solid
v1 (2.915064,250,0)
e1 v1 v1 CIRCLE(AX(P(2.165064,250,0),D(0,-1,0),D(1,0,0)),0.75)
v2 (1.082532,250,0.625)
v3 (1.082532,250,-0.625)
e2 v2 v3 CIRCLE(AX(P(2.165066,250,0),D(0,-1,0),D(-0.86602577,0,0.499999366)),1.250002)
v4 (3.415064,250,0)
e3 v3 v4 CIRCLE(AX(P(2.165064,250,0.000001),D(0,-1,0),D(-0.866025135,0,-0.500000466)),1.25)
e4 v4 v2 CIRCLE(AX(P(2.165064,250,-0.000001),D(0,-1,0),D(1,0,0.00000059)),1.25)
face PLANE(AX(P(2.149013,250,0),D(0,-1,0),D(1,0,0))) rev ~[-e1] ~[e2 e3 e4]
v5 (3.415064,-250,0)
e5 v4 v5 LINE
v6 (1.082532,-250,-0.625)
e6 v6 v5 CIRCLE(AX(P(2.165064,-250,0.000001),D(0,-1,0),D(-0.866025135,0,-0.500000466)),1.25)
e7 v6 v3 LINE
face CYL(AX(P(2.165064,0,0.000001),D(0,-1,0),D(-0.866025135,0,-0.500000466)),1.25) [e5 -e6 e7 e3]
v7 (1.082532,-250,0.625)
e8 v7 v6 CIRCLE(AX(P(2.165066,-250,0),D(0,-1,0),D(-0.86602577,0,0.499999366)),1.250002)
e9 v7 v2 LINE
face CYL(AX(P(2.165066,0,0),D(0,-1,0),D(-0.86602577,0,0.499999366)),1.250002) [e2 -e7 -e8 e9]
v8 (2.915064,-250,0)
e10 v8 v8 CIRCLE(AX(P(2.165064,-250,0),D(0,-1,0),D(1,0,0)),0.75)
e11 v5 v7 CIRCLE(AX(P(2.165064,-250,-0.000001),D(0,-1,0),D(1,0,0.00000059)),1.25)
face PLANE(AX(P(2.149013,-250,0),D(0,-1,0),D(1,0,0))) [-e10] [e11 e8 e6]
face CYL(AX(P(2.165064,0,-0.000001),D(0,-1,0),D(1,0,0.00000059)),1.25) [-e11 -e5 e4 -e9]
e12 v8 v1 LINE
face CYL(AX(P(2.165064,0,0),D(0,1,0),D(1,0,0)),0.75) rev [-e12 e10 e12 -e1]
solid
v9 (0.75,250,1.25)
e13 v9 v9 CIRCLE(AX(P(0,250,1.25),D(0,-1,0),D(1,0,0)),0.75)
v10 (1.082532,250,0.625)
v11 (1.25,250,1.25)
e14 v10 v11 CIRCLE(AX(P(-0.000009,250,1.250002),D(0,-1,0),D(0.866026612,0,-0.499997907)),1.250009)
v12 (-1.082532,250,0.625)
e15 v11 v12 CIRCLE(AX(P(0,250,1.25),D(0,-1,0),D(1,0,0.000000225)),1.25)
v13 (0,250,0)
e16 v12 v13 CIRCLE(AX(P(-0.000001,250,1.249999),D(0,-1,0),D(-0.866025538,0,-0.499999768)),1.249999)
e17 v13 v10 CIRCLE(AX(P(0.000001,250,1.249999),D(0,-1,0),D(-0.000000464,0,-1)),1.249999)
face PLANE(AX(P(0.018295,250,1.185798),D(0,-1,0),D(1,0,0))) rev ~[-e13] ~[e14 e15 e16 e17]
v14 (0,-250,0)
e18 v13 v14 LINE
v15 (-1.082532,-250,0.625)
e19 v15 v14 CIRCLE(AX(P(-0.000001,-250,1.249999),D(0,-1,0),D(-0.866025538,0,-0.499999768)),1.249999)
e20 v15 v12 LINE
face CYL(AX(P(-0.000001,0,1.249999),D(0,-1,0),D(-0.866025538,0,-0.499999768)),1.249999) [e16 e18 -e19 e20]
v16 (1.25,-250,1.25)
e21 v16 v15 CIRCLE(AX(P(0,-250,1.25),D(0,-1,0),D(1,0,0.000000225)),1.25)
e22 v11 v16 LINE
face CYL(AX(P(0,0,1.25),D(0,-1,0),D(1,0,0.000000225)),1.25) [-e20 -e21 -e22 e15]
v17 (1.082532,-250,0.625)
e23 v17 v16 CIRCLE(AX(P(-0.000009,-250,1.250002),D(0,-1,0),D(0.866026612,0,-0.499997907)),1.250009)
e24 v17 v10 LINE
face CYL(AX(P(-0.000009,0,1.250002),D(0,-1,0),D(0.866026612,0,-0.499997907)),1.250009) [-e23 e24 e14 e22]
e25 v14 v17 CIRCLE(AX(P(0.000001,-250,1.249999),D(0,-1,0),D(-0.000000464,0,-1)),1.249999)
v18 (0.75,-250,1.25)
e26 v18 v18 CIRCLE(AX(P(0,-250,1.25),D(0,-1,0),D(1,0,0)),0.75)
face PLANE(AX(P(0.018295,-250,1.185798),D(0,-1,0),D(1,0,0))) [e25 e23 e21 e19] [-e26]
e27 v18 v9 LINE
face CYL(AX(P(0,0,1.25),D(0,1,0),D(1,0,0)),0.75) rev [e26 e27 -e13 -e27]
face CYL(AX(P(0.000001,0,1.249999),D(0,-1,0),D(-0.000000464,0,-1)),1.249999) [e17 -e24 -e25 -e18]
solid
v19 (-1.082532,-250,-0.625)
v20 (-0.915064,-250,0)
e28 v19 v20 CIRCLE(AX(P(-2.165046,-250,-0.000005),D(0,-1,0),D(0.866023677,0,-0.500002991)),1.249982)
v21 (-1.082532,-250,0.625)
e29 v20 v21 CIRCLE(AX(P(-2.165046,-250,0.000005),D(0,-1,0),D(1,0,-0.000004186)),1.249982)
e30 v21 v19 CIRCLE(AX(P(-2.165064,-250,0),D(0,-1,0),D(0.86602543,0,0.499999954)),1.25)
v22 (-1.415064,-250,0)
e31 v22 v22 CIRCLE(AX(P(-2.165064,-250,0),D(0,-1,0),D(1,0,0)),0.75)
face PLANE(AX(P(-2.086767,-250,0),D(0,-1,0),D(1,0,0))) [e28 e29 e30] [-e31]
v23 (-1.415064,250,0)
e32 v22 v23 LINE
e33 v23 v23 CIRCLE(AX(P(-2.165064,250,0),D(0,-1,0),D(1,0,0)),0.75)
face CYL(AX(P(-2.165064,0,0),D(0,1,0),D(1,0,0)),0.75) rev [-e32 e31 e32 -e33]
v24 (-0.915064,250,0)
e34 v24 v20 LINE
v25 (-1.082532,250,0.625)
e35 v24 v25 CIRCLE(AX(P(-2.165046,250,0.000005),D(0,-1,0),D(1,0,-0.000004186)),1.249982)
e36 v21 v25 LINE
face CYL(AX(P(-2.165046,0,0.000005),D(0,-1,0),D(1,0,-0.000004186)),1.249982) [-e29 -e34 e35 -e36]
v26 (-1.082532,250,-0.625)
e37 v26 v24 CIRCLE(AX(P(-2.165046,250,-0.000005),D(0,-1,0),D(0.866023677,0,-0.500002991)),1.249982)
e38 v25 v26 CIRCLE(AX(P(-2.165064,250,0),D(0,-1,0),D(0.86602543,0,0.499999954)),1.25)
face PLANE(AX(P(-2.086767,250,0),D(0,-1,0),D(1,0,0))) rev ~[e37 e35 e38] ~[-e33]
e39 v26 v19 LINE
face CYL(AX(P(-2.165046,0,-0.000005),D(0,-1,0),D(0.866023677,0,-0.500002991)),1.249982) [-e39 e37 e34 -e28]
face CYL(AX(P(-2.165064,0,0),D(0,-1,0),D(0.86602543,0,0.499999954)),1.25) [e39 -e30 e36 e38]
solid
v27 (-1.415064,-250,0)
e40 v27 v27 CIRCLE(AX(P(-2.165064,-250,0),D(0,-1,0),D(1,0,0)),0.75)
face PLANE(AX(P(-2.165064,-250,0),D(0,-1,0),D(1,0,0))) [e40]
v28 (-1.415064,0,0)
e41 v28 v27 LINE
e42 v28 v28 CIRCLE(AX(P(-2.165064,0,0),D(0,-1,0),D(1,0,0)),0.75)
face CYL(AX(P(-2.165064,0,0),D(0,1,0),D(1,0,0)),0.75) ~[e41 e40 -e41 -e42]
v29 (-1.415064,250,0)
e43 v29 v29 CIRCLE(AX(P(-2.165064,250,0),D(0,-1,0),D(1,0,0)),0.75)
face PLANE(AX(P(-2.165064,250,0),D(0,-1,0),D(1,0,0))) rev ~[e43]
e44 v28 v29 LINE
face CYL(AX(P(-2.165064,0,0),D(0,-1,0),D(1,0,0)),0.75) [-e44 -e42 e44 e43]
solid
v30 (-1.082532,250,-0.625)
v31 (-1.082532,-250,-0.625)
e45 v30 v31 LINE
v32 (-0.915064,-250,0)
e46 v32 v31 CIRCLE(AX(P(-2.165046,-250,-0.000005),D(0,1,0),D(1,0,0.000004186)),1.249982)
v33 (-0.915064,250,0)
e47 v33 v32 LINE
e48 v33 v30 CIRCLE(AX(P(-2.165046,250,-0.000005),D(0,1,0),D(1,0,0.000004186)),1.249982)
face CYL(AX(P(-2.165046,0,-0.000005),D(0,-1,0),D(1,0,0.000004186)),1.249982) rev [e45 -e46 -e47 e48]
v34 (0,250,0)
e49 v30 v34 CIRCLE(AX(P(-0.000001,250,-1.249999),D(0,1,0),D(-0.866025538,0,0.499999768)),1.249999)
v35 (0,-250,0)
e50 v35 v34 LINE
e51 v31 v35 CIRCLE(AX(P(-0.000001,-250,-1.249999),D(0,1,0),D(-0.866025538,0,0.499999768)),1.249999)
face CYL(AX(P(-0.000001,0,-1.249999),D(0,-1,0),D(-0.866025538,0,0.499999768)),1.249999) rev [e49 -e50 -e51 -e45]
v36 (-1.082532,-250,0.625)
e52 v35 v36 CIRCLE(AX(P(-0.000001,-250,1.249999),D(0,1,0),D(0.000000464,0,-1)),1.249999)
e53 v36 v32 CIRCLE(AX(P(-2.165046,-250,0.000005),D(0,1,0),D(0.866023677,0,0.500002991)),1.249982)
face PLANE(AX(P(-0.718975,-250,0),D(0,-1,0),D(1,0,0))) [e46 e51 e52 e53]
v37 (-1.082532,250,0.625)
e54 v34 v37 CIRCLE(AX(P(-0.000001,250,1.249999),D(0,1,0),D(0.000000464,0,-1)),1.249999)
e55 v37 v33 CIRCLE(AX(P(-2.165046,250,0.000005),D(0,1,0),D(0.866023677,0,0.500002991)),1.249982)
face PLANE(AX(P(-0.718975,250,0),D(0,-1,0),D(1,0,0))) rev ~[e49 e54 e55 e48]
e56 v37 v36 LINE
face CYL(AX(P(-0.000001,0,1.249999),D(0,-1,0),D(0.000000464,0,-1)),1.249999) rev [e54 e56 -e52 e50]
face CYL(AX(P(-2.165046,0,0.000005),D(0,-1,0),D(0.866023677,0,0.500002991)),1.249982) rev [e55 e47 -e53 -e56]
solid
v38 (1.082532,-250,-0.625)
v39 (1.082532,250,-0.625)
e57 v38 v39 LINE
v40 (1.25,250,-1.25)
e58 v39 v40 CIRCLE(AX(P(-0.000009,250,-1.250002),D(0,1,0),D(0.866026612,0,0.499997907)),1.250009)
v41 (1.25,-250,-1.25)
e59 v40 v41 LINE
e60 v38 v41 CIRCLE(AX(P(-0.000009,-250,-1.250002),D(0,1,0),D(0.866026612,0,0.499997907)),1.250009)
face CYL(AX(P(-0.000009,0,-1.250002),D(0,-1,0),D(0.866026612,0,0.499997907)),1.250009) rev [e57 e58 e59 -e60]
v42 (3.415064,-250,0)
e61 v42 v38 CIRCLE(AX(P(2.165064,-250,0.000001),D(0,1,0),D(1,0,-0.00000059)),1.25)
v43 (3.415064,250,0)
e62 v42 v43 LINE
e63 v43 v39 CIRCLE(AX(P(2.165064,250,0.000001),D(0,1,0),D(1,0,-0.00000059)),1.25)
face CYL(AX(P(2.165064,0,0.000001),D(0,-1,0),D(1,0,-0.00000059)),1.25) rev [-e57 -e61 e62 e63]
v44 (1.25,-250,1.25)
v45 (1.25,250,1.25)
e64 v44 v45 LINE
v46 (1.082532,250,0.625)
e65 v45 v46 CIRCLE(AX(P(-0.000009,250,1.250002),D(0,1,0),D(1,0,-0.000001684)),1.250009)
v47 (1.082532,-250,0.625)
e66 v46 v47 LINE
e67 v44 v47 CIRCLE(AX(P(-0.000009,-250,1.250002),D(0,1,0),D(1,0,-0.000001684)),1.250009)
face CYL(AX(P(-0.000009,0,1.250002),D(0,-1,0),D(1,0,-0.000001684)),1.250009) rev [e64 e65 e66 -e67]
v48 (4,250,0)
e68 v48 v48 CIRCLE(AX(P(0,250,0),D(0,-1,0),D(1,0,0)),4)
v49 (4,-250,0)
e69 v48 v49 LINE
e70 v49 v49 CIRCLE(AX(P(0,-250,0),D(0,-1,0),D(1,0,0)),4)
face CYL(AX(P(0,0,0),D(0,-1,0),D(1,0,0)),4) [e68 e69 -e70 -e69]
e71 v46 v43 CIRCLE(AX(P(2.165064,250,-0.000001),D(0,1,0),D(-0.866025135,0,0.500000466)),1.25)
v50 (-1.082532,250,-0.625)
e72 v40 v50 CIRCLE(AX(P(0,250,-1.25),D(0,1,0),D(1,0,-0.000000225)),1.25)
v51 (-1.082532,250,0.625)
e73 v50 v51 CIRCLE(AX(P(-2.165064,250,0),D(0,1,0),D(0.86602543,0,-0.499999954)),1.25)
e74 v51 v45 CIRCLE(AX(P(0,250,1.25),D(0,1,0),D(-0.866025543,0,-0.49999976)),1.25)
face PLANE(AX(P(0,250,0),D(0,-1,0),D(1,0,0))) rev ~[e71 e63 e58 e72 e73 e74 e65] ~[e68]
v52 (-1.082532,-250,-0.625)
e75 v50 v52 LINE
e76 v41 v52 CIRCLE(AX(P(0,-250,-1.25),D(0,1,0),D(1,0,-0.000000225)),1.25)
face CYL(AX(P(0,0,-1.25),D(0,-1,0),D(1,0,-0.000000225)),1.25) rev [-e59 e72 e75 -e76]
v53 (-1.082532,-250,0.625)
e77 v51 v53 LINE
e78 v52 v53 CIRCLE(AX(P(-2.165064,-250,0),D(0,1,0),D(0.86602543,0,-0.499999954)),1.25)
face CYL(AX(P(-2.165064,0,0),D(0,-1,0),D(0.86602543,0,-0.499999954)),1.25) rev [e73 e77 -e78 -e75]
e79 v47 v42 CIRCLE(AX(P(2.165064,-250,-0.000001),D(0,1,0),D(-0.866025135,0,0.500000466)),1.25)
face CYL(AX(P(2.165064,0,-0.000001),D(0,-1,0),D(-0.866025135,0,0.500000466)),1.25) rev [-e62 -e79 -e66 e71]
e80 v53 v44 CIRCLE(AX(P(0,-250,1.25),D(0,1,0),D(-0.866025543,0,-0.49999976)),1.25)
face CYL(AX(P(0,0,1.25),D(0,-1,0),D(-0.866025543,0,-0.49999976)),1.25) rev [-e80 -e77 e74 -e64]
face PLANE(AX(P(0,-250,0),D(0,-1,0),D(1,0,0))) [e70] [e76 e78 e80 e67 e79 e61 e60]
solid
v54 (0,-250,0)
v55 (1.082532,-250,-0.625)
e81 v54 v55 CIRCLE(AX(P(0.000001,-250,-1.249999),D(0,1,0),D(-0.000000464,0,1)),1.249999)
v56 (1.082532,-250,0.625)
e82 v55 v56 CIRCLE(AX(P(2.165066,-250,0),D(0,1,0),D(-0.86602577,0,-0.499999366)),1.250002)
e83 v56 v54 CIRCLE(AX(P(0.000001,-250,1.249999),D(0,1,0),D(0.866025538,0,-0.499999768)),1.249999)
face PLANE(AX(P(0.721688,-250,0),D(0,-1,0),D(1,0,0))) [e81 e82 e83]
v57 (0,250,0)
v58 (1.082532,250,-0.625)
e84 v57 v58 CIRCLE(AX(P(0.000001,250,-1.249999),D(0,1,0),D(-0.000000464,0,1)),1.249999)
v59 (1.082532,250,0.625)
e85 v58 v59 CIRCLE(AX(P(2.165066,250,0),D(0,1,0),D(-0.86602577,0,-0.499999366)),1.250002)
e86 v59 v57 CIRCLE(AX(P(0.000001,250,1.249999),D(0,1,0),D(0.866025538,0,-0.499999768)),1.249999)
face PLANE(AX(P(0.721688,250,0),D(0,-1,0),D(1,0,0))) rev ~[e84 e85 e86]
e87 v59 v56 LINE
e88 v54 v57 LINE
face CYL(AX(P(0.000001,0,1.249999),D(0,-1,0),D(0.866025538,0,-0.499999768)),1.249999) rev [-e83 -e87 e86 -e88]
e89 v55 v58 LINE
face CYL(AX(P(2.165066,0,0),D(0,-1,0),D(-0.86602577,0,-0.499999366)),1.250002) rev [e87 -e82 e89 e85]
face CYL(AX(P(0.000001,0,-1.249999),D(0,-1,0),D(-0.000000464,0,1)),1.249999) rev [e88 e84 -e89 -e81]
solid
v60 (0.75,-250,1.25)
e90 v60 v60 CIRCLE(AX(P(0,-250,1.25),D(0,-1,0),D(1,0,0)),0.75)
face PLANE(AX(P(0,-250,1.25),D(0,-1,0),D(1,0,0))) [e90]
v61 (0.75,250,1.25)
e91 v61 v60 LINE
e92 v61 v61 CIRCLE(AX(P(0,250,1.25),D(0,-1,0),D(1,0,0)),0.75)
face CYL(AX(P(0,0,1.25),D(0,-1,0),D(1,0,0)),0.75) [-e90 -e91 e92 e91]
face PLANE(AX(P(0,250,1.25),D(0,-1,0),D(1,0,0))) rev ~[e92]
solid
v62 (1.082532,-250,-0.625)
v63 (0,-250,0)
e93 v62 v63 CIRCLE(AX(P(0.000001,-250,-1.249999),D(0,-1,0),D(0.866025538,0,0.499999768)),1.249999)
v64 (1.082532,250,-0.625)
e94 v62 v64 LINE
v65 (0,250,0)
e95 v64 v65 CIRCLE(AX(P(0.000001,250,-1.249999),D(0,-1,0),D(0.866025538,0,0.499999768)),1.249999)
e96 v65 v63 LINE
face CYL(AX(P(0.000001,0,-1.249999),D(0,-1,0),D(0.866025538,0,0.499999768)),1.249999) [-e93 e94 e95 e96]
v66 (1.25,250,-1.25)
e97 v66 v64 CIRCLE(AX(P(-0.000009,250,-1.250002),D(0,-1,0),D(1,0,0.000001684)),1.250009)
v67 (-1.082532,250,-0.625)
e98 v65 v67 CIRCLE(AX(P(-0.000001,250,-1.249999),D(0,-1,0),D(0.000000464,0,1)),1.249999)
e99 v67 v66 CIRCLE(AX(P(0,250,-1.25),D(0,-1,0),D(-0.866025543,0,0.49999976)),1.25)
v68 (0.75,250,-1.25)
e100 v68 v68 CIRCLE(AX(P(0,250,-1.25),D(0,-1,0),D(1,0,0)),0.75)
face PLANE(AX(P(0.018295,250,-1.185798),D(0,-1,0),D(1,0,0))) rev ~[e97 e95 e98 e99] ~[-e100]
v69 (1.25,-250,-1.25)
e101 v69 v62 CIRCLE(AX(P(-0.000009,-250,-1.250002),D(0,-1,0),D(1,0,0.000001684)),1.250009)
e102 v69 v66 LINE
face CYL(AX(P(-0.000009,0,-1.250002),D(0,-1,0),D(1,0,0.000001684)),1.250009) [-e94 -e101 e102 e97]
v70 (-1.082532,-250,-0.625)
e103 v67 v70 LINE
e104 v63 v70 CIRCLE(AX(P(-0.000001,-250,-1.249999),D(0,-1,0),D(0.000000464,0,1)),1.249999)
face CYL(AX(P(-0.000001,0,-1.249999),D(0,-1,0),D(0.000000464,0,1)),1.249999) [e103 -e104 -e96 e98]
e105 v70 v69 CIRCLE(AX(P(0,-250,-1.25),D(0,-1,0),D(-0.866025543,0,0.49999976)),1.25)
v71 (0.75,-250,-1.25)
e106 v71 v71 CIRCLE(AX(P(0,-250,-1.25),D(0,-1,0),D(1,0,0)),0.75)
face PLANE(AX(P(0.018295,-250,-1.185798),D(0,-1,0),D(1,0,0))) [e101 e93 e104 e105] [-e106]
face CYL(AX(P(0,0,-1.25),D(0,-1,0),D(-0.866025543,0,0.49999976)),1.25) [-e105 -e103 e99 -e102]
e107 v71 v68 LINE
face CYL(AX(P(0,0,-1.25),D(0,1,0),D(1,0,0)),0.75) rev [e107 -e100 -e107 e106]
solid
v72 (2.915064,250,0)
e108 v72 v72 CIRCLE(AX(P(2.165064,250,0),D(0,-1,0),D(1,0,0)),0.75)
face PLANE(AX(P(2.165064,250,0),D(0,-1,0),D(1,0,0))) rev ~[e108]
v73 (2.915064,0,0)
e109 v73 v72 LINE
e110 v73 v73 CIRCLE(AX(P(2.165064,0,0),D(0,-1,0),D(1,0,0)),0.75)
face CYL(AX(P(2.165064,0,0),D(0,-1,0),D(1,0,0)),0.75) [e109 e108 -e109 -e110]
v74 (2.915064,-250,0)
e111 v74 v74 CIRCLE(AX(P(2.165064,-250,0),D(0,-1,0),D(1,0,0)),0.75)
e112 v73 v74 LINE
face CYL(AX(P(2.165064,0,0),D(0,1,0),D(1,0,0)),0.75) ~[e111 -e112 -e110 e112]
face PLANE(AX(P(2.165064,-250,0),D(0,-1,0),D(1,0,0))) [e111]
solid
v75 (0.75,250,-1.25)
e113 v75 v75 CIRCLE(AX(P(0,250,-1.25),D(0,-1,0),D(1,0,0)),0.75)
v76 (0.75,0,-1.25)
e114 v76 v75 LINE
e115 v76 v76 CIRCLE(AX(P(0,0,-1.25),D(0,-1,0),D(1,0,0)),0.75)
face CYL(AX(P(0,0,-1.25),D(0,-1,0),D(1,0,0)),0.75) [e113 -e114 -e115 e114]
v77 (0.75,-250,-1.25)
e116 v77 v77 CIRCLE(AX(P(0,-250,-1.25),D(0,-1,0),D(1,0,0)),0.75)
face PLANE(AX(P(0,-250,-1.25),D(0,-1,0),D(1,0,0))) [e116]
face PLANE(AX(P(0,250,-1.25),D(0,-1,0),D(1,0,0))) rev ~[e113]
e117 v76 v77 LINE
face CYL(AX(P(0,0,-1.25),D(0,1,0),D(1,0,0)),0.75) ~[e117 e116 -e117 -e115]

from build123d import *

# Parameters (mm, degrees)
F0_R     = 4
F1_DEPTH = 250
F0_R_2   = 0.75
F2_DEPTH = 250
F3_DEPTH = 250


with BuildPart() as f1:
    # F0 (on Front) → F1 (new body, symmetric)
    with BuildSketch(Plane.XZ):
        Circle(F0_R)
        with BuildLine():
            ThreePointArc((-1.082532, 0.625), (-0.323524, 2.457407), (1.25, 1.25))
            ThreePointArc((1.25, 1.25), (1.207407, 0.926476), (1.082532, 0.625))
            ThreePointArc((1.082532, 0.625), (2.488587, 1.207407), (3.415064, 0))
            ThreePointArc((3.415064, 0), (2.488587, -1.207407), (1.082532, -0.625))
            ThreePointArc((1.082532, -0.625), (1.207407, -0.926476), (1.25, -1.25))
            ThreePointArc((1.25, -1.25), (-0.323524, -2.457407), (-1.082532, -0.625))
            ThreePointArc((-1.082532, -0.625), (-3.415064, 0), (-1.082532, 0.625))
        make_face(mode=Mode.SUBTRACT)
        with BuildLine():
            ThreePointArc((0, 0), (-0.625, 0.167468), (-1.082532, 0.625))
            ThreePointArc((-1.082532, 0.625), (-0.957656, 0.323524), (-0.915064, 0))
            ThreePointArc((-0.915064, 0), (-0.957656, -0.323524), (-1.082532, -0.625))
            ThreePointArc((-1.082532, -0.625), (-0.625, -0.167468), (0, 0))
        make_face()
        with BuildLine():
            ThreePointArc((1.082532, -0.625), (0.915064, 0), (1.082532, 0.625))
            ThreePointArc((1.082532, 0.625), (0.625, 0.167468), (0, 0))
            ThreePointArc((0, 0), (0.625, -0.167468), (1.082532, -0.625))
        make_face()
    extrude(amount=F1_DEPTH, both=True)


with BuildPart() as f2:
    # F0 (on Front) → F2 (new body, symmetric)
    with BuildSketch(Plane.XZ):
        with BuildLine():
            ThreePointArc((-0.915064, 0), (-0.957656, 0.323524), (-1.082532, 0.625))
            ThreePointArc((-1.082532, 0.625), (-3.415064, 0), (-1.082532, -0.625))
            ThreePointArc((-1.082532, -0.625), (-0.957656, -0.323524), (-0.915064, 0))
        make_face()
        with Locations((-2.165064, 0)):
            Circle(F0_R_2, mode=Mode.SUBTRACT)
        with BuildLine():
            ThreePointArc((1.082532, 0.625), (1.207407, 0.926476), (1.25, 1.25))
            ThreePointArc((1.25, 1.25), (-0.323524, 2.457407), (-1.082532, 0.625))
            ThreePointArc((-1.082532, 0.625), (-0.625, 0.167468), (0, 0))
            ThreePointArc((0, 0), (0.625, 0.167468), (1.082532, 0.625))
        make_face()
        with Locations((0, 1.25)):
            Circle(F0_R_2, mode=Mode.SUBTRACT)
        with BuildLine():
            ThreePointArc((3.415064, 0), (2.488587, 1.207407), (1.082532, 0.625))
            ThreePointArc((1.082532, 0.625), (0.915064, 0), (1.082532, -0.625))
            ThreePointArc((1.082532, -0.625), (2.488587, -1.207407), (3.415064, 0))
        make_face()
        with Locations((2.165064, 0)):
            Circle(F0_R_2, mode=Mode.SUBTRACT)
        with BuildLine():
            ThreePointArc((1.082532, -0.625), (0.625, -0.167468), (0, 0))
            ThreePointArc((0, 0), (-0.625, -0.167468), (-1.082532, -0.625))
            ThreePointArc((-1.082532, -0.625), (-0.323524, -2.457407), (1.25, -1.25))
            ThreePointArc((1.25, -1.25), (1.207407, -0.926476), (1.082532, -0.625))
        make_face()
        with Locations((0, -1.25)):
            Circle(F0_R_2, mode=Mode.SUBTRACT)
    extrude(amount=F2_DEPTH, both=True)


with BuildPart() as f3:
    # F0 (on Front) → F3 (new body, symmetric)
    with BuildSketch(Plane.XZ):
        with Locations((-2.165064, 0)):
            Circle(F0_R_2)
        with Locations((0, -1.25)):
            Circle(F0_R_2)
        with Locations((2.165064, 0)):
            Circle(F0_R_2)
        with Locations((0, 1.25)):
            Circle(F0_R_2)
    extrude(amount=F3_DEPTH, both=True)


solid = Compound([f1.part, f2.part, f3.part])
